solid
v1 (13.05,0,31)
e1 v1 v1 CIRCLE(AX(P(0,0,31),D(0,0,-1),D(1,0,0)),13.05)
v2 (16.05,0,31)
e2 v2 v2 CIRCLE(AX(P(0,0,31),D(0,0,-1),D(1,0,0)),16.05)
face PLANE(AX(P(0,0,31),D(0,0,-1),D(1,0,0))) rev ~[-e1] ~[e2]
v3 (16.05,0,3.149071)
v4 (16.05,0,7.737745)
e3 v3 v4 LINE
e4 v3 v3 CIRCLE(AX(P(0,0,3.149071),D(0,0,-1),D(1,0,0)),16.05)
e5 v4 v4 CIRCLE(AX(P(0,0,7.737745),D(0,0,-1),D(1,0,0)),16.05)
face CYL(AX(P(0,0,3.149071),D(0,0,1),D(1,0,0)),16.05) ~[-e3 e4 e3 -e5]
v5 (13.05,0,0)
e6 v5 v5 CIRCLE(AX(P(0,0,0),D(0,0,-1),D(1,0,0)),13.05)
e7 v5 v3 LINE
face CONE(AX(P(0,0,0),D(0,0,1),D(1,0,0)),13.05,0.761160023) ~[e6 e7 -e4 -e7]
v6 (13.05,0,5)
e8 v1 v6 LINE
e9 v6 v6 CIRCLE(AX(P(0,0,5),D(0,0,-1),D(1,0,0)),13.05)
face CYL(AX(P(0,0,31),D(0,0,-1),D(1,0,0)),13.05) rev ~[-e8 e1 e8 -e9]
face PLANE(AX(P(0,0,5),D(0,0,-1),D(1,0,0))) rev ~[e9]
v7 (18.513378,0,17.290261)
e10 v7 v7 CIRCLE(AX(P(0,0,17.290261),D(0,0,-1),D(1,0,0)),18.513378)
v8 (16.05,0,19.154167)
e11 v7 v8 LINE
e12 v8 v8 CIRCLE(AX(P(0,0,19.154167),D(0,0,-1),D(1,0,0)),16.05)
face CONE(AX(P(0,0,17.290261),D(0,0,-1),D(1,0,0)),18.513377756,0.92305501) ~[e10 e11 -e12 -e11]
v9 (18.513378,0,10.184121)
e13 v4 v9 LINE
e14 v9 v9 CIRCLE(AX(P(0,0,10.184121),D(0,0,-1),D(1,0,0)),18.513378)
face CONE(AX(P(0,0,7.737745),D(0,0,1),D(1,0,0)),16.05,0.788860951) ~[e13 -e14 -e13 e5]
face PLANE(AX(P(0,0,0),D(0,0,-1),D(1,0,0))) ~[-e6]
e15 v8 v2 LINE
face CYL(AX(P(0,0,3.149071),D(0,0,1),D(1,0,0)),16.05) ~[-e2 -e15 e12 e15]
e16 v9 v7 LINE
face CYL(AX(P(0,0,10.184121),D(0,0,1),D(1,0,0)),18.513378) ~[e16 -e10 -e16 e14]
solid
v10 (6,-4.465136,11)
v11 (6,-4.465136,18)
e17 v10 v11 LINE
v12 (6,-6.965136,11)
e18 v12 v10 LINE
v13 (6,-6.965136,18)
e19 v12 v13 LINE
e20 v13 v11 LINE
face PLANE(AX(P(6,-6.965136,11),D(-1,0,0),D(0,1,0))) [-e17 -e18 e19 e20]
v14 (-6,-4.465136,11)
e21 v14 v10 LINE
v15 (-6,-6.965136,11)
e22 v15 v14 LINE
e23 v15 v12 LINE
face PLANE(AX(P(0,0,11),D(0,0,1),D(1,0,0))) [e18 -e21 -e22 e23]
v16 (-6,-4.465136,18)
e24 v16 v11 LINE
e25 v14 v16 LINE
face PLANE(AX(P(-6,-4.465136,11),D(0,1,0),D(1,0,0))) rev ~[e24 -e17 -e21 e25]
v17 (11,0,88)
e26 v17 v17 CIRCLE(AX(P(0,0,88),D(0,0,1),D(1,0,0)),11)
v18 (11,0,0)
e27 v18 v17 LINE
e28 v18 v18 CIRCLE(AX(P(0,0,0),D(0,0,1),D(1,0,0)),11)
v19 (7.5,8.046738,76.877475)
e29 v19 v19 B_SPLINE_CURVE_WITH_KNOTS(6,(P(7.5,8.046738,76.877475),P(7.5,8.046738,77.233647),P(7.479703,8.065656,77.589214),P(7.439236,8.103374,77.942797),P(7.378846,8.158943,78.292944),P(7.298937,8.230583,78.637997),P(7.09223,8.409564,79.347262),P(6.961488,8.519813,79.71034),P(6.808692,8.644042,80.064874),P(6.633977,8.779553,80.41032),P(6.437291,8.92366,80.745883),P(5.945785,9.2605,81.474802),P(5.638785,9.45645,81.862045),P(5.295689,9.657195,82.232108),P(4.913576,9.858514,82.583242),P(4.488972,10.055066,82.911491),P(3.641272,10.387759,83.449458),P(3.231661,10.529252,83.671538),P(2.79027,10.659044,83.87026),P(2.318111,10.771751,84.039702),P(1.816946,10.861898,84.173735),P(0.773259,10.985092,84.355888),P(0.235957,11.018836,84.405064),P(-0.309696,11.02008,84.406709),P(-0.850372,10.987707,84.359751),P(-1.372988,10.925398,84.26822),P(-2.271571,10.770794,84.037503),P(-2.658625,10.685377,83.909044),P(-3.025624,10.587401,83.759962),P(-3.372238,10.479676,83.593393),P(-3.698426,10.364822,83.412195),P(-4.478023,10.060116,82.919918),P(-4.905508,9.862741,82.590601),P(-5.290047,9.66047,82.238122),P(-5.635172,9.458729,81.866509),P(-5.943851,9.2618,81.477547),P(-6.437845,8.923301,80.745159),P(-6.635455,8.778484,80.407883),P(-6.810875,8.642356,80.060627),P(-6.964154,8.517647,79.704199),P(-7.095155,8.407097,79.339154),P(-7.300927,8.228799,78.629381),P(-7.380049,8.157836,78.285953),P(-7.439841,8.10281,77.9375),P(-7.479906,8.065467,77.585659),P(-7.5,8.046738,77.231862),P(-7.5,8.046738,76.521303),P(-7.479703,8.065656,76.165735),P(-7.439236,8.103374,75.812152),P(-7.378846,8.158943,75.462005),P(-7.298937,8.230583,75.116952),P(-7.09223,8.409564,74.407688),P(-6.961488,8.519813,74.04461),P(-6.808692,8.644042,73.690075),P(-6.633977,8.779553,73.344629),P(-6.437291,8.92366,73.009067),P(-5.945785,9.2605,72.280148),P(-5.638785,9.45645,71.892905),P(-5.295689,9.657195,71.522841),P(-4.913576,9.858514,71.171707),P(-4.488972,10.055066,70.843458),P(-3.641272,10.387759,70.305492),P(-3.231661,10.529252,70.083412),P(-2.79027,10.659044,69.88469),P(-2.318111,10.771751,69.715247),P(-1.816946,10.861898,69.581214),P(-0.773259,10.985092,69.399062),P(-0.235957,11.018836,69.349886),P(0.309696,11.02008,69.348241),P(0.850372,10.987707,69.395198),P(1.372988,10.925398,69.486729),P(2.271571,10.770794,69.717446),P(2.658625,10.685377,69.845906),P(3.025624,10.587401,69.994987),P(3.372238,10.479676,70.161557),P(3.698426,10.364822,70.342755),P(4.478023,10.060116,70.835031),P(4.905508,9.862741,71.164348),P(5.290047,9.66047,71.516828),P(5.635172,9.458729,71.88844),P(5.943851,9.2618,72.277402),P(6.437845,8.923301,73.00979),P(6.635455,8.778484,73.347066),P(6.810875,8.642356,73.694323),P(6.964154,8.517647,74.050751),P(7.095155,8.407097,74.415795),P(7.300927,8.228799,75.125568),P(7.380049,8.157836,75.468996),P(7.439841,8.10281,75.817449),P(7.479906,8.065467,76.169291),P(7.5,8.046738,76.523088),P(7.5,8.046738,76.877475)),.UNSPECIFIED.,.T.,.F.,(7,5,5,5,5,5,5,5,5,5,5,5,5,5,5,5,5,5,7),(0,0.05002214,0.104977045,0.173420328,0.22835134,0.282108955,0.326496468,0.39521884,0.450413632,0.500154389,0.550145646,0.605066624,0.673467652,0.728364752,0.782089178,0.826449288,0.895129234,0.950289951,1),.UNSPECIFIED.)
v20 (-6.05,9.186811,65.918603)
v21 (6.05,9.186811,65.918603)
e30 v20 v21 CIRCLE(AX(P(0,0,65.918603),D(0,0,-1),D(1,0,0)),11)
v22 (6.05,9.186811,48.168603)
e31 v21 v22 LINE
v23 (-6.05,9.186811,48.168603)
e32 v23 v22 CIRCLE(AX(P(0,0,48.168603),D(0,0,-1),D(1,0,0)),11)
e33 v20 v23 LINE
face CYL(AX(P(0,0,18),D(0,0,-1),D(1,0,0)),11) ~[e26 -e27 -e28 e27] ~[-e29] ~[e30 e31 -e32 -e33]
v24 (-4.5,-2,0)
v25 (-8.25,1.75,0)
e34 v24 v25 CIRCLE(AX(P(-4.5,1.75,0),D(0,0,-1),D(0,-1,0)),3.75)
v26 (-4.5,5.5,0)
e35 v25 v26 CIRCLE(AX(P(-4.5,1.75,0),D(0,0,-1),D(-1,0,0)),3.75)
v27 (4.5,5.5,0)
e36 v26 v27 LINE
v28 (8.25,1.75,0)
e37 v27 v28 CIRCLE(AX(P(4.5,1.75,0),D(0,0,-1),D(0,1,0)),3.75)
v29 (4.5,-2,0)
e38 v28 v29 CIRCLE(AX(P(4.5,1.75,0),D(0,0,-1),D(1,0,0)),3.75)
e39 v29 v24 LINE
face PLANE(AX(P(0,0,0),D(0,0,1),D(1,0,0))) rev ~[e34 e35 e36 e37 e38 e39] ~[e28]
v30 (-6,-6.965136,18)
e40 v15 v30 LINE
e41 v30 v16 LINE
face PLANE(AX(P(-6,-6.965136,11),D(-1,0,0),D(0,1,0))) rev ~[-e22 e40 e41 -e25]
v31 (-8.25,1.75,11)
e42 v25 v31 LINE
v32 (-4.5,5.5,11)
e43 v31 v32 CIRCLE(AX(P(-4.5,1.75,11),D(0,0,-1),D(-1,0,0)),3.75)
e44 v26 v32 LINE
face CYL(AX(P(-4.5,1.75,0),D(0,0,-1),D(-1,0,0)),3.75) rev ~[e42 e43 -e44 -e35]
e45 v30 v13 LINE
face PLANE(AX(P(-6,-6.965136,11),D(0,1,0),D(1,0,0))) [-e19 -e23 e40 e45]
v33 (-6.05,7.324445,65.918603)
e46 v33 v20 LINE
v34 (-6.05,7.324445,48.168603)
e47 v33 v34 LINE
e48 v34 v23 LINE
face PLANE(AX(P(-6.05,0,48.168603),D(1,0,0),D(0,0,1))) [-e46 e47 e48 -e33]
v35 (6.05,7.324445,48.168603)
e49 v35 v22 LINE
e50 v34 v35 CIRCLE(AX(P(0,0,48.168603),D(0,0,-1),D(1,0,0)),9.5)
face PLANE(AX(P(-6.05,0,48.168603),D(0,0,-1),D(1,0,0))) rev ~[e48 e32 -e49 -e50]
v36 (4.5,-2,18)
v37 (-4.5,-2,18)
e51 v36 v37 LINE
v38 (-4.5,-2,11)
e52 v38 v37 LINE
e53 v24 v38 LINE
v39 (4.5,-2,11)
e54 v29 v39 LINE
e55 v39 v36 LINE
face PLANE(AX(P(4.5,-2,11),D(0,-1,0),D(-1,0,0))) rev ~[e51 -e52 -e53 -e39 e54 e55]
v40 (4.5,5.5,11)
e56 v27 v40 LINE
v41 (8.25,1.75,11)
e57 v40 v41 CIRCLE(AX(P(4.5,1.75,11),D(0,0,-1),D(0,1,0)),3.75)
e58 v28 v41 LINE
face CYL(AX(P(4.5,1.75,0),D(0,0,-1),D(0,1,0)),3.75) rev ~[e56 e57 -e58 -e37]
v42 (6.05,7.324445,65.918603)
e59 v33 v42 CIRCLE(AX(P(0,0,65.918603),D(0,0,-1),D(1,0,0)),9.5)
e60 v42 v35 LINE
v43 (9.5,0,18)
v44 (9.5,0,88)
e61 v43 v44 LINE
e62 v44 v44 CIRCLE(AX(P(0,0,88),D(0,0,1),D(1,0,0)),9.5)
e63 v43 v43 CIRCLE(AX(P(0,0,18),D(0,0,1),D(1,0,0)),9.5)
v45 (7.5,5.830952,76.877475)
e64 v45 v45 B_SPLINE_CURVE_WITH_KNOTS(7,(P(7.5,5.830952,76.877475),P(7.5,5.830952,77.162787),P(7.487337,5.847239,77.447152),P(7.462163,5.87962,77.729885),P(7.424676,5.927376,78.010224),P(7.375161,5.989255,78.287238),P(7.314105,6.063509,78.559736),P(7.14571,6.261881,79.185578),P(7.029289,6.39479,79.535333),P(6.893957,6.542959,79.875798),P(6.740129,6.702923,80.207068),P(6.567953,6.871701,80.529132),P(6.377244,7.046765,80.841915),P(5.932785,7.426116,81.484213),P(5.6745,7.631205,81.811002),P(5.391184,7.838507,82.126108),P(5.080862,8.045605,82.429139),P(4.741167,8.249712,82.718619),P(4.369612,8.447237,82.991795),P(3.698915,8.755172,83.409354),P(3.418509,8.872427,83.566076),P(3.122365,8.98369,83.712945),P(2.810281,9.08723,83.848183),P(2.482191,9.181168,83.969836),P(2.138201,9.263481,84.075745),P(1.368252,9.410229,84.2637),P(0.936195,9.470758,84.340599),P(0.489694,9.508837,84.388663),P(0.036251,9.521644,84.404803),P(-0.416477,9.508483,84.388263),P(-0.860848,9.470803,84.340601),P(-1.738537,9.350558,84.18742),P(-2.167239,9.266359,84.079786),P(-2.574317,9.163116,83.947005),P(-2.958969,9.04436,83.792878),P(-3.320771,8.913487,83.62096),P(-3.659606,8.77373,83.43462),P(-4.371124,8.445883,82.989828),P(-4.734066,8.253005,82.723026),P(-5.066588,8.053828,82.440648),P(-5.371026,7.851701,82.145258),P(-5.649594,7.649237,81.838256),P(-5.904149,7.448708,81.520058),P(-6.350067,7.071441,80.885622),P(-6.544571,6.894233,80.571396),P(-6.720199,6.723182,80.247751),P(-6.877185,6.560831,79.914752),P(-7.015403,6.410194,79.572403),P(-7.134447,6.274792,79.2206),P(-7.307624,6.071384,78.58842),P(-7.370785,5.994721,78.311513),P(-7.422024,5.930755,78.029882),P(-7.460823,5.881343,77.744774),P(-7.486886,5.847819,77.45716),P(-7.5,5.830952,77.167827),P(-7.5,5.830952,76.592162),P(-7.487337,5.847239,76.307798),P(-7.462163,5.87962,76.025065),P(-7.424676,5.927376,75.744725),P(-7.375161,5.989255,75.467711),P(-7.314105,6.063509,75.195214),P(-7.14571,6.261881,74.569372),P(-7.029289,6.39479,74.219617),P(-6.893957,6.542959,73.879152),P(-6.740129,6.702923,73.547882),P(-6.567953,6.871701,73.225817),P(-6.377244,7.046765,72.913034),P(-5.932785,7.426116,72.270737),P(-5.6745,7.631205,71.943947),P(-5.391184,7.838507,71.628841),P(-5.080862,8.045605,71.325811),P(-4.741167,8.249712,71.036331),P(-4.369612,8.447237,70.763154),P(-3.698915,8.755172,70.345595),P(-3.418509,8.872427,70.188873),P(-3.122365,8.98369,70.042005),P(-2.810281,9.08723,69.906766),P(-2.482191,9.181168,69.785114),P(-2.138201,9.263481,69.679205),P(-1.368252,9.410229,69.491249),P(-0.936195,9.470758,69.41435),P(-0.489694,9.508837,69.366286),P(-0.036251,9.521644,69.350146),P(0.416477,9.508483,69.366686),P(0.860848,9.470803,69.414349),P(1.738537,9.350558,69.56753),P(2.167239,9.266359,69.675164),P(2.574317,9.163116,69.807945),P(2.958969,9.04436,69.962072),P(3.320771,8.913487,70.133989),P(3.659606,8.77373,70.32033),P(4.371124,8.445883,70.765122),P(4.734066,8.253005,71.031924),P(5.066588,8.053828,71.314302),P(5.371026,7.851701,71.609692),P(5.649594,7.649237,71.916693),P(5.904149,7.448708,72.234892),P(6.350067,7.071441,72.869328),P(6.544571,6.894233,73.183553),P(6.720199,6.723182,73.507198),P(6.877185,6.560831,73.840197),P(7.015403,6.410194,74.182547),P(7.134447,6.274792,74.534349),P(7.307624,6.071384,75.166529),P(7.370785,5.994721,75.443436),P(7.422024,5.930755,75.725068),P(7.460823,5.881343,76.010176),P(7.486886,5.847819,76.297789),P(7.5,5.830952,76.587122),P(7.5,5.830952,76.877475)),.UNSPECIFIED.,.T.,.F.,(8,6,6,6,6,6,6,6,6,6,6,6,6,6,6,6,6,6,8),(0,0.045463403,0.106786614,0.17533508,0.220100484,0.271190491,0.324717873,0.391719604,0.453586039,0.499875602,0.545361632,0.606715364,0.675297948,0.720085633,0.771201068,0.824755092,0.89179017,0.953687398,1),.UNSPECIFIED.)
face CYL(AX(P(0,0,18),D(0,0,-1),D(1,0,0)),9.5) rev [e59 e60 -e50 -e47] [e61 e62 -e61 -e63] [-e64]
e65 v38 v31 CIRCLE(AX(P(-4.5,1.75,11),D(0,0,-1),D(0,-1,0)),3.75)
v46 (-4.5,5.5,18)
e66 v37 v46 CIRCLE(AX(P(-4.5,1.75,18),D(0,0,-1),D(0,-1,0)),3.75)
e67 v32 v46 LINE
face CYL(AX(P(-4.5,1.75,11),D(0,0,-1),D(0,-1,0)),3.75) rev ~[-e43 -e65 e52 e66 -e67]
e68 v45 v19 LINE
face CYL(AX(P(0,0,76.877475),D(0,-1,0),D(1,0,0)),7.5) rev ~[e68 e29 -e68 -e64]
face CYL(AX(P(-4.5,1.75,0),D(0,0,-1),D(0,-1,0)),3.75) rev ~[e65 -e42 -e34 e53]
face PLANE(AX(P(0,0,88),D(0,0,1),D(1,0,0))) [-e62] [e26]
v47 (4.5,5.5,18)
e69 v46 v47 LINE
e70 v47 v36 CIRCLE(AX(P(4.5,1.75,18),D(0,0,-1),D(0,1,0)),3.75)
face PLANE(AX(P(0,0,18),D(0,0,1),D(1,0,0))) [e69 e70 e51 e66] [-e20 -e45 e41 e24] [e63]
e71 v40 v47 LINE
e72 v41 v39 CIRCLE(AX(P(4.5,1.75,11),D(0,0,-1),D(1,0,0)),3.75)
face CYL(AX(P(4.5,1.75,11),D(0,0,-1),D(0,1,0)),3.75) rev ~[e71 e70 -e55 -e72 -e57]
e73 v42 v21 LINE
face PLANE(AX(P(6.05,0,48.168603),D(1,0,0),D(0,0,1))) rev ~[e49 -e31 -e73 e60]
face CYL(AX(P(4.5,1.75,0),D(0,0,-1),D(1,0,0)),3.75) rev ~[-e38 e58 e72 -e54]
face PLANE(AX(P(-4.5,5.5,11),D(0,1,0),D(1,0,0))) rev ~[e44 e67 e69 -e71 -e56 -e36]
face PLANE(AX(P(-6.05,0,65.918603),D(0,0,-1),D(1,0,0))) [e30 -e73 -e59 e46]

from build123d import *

# Parameters (mm, degrees)
F2_R     = 11
F3_DEPTH = 11
F4_R     = 11
F4_W     = 12
F4_H     = 2.5
F5_DEPTH = 7
F6_R     = 11
F6_R_2   = 9.5
F7_DEPTH = 70
F8_R     = 7.5
F8_W     = 12.1
F8_H     = 17.75
F9_DEPTH = 25


with BuildPart() as f1:
    # F0 (on Front) → F1 (revolve)
    with BuildSketch(Plane.XZ):
        Polygon((0, 5), (0, 0), (13.05, 0), (16.05, 3.1490712427), (16.05, 7.7377450652), (16.05, 19.1541668028), (16.05, 31), (13.05, 31), (13.05, 5), align=None)
        Polygon((16.05, 19.1541668028), (16.05, 7.7377450652), (18.5133777559, 10.1841213182), (18.5133777559, 17.2902606428), align=None)
    revolve(axis=Axis((0, 0, 2.5), (0, 0, -1)))


with BuildPart() as f3:
    # F2 (on Top) → F3 (new body)
    with BuildSketch(Plane.XY):
        Circle(F2_R)
        with BuildLine():
            ThreePointArc((-8.25, 1.75), (-7.1516504294, 4.4016504294), (-4.5, 5.5))
            Line((-4.5, 5.5), (4.5, 5.5))
            ThreePointArc((4.5, 5.5), (7.1516504294, 4.4016504294), (8.25, 1.75))
            ThreePointArc((8.25, 1.75), (7.1516504294, -0.9016504294), (4.5, -2))
            Line((4.5, -2), (-4.5, -2))
            ThreePointArc((-4.5, -2), (-7.1516504294, -0.9016504294), (-8.25, 1.75))
        make_face(mode=Mode.SUBTRACT)
    extrude(amount=F3_DEPTH)

    # F4 (on face) → F5 (join)
    with BuildSketch(Plane.XY.offset(11)):
        Circle(F4_R)
        with Locations((0, -5.7151356898)):
            Rectangle(F4_W, F4_H, mode=Mode.SUBTRACT)
        with BuildLine():
            ThreePointArc((4.5, 5.5), (8.25, 1.75), (4.5, -2))
            Line((4.5, -2), (-4.5, -2))
            ThreePointArc((-4.5, -2), (-8.25, 1.75), (-4.5, 5.5))
            Line((-4.5, 5.5), (4.5, 5.5))
        make_face(mode=Mode.SUBTRACT)
    extrude(amount=F5_DEPTH)

    # F6 (on face) → F7 (join)
    with BuildSketch(Plane.XY.offset(18)):
        Circle(F6_R)
        Circle(F6_R_2, mode=Mode.SUBTRACT)
    extrude(amount=F7_DEPTH)

    # F8 (on Front) → F9 (cut)
    with BuildSketch(Plane.XZ):
        with Locations((0, 76.8774747849)):
            Circle(F8_R)
        with Locations((0, 57.0436033309)):
            Rectangle(F8_W, F8_H)
    extrude(amount=-F9_DEPTH, mode=Mode.SUBTRACT)


solid = Compound([f1.part, f3.part])
